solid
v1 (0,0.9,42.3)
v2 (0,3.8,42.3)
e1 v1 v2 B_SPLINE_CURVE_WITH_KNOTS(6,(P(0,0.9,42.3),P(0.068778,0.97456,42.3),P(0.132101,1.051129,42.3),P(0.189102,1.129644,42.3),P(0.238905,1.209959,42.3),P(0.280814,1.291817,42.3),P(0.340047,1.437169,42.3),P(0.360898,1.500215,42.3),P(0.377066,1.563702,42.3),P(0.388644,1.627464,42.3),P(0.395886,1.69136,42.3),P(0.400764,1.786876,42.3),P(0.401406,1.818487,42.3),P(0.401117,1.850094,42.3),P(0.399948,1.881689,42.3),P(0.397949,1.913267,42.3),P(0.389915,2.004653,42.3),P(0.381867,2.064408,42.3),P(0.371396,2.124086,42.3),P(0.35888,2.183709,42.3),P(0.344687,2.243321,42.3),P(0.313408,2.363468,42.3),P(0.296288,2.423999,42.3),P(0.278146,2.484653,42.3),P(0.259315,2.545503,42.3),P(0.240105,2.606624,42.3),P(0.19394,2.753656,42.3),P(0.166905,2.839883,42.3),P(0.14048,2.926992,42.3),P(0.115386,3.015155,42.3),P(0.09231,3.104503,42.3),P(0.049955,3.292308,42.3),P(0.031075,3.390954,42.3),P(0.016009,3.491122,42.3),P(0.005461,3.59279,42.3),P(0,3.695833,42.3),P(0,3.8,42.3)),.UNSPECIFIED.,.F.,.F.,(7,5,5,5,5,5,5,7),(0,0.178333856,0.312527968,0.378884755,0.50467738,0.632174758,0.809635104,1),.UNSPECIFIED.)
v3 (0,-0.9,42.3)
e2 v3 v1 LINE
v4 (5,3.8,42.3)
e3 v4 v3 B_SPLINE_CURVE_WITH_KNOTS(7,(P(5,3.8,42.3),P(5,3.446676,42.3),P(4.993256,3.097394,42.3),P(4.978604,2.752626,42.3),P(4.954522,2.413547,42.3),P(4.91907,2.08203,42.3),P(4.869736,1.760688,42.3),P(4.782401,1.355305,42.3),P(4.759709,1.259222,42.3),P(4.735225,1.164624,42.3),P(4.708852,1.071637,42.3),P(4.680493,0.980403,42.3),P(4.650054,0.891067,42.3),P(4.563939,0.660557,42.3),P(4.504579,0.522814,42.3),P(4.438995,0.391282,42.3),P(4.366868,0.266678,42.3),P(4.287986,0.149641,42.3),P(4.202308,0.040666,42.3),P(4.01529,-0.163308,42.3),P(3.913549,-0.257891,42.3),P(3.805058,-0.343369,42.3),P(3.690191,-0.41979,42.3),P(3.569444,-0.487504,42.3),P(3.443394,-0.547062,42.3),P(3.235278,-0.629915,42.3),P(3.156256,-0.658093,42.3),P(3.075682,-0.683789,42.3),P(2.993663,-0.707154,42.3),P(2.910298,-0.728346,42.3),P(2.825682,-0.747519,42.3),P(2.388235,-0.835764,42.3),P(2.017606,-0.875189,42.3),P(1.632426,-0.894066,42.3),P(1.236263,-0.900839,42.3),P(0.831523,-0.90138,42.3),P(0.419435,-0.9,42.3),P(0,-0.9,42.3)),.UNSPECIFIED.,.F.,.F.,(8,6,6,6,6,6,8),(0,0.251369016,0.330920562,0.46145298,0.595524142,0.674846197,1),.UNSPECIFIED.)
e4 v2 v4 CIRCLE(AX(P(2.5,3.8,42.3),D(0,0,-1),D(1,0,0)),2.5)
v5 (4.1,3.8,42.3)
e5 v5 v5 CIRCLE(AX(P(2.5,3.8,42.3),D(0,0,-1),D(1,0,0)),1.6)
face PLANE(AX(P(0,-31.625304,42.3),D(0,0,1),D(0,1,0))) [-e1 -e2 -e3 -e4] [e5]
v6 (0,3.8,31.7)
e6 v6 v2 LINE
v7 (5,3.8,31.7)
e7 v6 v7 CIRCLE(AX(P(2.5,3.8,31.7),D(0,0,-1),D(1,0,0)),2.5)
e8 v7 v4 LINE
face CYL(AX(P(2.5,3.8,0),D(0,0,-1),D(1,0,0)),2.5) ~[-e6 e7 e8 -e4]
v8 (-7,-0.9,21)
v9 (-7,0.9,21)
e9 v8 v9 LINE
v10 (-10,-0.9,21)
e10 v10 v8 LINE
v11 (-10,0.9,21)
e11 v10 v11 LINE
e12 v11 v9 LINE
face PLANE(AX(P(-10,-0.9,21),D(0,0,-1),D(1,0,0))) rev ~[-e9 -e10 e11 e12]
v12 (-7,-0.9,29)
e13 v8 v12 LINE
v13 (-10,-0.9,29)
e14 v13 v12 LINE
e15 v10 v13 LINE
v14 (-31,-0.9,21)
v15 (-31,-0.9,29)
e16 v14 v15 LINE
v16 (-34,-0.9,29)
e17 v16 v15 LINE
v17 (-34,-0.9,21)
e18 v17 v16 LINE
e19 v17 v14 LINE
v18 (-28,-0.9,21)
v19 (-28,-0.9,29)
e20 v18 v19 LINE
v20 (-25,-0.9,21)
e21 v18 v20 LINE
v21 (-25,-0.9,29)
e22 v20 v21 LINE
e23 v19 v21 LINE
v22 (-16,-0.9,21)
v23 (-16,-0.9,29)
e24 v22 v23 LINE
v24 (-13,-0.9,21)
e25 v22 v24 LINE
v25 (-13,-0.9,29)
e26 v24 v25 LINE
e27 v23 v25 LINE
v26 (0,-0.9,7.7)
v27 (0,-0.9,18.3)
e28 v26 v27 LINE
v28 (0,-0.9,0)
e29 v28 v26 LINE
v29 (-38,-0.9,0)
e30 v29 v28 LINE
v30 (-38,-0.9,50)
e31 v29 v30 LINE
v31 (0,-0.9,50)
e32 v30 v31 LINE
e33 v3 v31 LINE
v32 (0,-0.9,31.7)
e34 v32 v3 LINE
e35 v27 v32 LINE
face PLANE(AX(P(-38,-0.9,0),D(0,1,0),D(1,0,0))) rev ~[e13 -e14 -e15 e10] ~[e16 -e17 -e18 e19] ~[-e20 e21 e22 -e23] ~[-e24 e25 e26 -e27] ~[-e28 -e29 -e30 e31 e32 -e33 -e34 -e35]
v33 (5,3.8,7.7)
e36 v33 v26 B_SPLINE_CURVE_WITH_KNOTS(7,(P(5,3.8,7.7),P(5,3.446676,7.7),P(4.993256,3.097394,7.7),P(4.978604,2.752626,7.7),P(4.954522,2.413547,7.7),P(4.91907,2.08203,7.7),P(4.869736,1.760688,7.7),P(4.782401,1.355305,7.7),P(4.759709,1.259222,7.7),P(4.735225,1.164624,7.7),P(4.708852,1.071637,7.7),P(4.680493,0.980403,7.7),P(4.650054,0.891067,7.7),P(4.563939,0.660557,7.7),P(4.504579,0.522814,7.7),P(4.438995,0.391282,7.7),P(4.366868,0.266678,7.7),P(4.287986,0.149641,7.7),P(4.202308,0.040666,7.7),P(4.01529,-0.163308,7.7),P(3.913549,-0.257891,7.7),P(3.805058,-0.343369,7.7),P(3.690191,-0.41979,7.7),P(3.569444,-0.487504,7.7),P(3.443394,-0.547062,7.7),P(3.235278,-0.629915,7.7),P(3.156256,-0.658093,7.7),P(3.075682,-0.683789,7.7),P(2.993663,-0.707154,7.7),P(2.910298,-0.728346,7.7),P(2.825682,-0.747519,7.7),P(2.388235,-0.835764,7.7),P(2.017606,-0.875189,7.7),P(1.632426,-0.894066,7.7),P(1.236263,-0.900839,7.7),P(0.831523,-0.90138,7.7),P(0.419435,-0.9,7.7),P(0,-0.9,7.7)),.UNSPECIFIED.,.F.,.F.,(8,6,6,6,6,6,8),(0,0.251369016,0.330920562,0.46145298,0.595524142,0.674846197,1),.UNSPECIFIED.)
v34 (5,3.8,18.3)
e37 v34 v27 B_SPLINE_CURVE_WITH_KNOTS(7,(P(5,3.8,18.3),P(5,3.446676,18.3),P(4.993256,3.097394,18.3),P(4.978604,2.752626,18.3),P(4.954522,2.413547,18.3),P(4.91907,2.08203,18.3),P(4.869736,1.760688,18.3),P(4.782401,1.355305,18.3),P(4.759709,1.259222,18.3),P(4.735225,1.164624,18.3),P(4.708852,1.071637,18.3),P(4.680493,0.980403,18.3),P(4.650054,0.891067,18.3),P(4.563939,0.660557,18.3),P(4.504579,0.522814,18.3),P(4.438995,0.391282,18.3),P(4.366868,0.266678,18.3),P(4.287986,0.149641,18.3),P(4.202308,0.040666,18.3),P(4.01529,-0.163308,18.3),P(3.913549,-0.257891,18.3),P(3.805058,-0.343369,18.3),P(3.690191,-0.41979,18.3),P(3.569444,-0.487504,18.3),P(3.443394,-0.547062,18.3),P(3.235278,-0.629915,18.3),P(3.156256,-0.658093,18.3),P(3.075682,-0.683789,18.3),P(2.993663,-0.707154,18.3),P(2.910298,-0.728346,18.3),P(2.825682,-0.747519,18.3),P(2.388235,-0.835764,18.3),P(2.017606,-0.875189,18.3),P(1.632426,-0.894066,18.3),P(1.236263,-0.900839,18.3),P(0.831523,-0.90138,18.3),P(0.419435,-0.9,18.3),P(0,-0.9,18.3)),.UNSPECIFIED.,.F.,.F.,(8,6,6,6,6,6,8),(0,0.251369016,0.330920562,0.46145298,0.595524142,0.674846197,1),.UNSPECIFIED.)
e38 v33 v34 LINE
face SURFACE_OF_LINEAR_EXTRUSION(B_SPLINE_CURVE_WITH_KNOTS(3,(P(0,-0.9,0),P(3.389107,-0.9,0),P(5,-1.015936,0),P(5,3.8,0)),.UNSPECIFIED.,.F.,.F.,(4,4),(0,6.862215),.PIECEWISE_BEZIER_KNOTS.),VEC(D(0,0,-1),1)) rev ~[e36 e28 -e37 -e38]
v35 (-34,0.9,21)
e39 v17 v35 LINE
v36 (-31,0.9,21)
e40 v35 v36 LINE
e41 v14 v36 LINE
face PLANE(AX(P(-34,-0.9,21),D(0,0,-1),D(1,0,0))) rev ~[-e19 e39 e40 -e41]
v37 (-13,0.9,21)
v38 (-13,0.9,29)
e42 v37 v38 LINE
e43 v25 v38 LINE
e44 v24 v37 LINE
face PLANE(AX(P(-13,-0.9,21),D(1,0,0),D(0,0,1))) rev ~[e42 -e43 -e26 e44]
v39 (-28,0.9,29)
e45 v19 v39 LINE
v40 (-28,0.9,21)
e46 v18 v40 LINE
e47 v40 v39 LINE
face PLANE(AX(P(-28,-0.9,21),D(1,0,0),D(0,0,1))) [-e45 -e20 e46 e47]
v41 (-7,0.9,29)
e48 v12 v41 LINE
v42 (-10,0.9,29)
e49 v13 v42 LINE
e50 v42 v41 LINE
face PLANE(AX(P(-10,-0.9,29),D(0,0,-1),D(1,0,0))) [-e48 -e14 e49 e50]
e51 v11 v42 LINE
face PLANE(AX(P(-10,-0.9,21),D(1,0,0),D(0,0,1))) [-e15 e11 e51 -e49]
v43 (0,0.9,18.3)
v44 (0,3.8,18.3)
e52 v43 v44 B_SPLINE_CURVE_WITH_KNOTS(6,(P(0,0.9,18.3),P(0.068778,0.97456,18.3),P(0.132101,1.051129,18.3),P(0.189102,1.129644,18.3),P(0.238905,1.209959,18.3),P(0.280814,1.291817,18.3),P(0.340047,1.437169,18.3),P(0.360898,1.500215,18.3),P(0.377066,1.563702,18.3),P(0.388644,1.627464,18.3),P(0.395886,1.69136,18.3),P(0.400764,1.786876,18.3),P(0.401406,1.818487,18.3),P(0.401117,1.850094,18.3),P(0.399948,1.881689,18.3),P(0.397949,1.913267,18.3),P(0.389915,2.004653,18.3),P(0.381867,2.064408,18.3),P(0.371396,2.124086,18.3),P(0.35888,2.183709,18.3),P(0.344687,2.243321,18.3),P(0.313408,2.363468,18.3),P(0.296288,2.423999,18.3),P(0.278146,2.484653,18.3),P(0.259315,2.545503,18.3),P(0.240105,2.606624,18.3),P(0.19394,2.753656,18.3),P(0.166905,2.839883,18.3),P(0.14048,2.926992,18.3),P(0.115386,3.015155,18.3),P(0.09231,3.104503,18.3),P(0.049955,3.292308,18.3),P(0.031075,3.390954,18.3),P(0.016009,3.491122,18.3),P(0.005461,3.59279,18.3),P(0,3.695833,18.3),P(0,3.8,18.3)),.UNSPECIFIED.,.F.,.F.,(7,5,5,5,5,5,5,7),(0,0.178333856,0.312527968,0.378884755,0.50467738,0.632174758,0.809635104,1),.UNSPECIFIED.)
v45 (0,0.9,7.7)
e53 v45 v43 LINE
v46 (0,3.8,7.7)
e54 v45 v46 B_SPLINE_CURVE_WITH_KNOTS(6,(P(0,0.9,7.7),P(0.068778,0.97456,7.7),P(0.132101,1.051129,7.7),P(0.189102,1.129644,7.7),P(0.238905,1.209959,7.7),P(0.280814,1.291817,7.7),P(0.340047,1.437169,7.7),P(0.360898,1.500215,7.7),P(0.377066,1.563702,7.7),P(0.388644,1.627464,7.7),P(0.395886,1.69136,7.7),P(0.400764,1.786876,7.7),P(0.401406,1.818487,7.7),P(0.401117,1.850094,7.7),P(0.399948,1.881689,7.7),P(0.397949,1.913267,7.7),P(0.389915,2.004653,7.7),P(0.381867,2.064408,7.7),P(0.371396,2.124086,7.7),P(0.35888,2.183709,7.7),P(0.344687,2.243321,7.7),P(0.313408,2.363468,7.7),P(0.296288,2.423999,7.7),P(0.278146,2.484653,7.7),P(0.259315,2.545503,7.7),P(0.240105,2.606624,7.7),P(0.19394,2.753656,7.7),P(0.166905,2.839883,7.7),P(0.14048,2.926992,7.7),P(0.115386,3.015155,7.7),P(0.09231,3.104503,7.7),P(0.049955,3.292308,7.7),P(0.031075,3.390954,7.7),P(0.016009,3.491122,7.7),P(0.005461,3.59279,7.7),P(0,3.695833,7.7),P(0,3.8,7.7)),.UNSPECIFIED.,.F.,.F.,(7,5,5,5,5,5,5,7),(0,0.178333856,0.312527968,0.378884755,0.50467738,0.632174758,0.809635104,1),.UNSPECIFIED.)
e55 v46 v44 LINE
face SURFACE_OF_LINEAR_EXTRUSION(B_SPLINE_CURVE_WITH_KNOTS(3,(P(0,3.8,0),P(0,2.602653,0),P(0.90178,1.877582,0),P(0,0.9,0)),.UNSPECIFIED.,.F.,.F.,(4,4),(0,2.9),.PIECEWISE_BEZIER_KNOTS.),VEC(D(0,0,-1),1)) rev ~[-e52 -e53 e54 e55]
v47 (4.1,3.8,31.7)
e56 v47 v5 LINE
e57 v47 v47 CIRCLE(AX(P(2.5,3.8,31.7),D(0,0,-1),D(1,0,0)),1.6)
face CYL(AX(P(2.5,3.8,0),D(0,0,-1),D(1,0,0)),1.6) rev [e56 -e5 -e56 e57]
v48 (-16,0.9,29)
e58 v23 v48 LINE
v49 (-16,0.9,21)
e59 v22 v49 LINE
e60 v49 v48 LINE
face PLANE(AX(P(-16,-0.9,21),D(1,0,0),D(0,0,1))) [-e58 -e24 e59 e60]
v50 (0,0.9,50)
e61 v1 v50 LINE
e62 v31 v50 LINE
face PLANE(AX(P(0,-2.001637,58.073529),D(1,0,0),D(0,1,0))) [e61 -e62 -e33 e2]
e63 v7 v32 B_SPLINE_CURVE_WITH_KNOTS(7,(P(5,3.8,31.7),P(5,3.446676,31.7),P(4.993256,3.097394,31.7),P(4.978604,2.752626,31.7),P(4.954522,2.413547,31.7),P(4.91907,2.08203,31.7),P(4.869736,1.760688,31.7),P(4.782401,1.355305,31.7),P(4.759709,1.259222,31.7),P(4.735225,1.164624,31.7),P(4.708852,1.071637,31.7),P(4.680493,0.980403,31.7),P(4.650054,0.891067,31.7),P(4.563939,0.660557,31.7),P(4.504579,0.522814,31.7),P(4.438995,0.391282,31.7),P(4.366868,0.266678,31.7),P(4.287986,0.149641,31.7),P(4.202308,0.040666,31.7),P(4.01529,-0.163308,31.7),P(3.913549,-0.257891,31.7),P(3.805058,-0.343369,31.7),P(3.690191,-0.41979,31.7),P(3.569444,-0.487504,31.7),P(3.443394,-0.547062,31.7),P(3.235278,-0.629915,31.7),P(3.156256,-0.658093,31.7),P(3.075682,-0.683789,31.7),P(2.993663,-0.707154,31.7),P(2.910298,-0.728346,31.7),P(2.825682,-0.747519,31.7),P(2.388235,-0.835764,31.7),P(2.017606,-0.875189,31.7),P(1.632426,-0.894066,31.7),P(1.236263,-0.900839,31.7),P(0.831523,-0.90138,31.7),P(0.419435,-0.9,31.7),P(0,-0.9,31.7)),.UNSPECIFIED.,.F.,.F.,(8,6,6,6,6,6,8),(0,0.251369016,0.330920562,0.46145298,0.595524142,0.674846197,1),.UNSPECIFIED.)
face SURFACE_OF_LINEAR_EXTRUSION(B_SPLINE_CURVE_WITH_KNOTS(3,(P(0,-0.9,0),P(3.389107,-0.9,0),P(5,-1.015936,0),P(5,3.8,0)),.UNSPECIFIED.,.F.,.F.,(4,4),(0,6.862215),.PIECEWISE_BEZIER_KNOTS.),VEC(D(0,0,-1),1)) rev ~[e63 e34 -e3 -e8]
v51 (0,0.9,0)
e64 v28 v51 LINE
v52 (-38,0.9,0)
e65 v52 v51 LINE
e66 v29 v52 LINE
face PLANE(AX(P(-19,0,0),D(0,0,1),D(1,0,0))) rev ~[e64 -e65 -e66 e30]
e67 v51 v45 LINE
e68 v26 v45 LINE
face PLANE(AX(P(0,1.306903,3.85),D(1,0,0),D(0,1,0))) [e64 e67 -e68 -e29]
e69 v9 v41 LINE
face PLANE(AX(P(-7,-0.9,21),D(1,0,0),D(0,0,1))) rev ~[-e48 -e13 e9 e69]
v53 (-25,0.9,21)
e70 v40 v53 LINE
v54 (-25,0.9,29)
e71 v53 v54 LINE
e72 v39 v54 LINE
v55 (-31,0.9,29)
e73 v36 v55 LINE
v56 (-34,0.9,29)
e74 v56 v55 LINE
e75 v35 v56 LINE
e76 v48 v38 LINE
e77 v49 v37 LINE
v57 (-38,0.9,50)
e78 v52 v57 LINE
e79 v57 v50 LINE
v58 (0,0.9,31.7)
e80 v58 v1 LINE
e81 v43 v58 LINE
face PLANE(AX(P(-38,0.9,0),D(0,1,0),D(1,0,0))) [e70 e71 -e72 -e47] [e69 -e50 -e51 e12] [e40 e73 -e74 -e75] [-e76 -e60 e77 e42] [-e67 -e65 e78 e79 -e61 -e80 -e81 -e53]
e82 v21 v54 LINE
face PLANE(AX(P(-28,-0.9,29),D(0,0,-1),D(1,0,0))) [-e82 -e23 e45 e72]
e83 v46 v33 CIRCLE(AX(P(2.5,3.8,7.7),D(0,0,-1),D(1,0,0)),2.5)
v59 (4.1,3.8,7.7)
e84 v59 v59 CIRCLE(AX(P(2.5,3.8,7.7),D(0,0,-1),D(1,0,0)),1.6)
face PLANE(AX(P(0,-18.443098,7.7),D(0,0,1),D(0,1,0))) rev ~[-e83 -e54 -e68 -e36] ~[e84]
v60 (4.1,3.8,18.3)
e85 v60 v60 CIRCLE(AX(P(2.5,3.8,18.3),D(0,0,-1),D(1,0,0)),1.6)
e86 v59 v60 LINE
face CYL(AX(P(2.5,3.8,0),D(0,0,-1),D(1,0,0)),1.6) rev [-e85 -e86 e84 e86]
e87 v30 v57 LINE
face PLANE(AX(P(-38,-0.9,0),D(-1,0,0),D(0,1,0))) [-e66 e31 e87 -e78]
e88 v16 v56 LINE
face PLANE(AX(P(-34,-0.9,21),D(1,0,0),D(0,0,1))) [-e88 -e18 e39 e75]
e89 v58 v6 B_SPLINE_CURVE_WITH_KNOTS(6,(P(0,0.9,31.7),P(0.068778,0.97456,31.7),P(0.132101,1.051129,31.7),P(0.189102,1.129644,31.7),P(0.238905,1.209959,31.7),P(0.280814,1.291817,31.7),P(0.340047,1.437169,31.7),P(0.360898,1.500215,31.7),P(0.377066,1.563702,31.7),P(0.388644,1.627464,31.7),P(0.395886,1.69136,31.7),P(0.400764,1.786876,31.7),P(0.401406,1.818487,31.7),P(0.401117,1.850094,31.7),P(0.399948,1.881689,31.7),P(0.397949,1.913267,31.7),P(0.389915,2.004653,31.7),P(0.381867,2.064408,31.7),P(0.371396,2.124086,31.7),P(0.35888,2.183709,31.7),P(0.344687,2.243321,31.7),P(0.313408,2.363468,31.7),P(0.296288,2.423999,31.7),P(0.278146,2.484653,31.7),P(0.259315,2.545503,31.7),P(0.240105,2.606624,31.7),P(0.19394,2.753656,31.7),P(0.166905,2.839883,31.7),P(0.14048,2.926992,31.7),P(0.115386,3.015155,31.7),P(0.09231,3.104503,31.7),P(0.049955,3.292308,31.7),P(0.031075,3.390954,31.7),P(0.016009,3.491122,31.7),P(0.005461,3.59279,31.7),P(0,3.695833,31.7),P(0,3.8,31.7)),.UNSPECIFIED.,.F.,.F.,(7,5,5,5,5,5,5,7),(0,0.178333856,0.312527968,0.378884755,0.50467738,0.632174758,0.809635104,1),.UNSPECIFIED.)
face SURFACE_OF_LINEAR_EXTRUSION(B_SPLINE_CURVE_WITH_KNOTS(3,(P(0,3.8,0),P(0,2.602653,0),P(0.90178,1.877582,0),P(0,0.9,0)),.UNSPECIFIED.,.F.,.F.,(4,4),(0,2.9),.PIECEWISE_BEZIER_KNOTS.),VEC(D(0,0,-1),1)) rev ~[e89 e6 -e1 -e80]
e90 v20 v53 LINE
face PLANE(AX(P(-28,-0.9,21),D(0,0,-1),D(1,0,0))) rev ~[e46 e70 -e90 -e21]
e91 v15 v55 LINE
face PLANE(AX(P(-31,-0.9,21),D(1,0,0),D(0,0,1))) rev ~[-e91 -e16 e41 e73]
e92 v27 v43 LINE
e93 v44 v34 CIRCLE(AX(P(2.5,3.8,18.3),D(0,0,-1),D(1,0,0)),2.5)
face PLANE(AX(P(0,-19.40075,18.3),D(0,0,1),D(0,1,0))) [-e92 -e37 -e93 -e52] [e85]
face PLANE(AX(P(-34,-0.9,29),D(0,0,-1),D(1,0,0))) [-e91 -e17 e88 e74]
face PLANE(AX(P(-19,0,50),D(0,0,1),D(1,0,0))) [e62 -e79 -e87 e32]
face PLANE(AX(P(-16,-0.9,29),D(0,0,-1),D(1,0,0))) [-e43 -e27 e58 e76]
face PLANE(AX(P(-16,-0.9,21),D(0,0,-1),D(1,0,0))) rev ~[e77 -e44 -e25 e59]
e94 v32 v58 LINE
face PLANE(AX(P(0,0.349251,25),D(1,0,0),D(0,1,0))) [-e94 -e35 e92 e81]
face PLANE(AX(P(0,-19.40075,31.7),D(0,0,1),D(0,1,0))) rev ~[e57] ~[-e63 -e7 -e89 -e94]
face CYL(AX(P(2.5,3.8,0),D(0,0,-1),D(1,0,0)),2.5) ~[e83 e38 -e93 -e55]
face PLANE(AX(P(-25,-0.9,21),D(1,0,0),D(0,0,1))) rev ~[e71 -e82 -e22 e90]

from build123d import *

# Parameters (mm, degrees)
F0_W     = 38
F0_H     = 1.8
F0_R     = 1.6
F1_DEPTH = 50
F2_W     = 39.500002
F2_H     = 7.7
F2_H_2   = 13.4
F2_W_2   = 59.247335
F2_H_3   = 31.547058
F3_DEPTH = 25
F4_W     = 3
F4_H     = 8
F5_DEPTH = 1.8


with BuildPart() as f1:
    # F0 (on Top) → F1 (new body)
    with BuildSketch(Plane.XY):
        with Locations((-19, 0)):
            Rectangle(F0_W, F0_H)
        with BuildLine():
            add(Edge.make_bspline(
                [(0, 3.8), (0, 2.602653), (0.90178, 1.877582), (0, 0.9)],
                knots=[0, 0, 0, 0, 2.9, 2.9, 2.9, 2.9], degree=3))
            Line((0, 0.9), (0, -0.9))
            add(Edge.make_bspline(
                [(0, -0.9), (3.389107, -0.9), (5, -1.015936), (5, 3.8)],
                knots=[0, 0, 0, 0, 6.862215, 6.862215, 6.862215, 6.862215], degree=3))
            ThreePointArc((5, 3.8), (2.5, 6.3), (0, 3.8))
        make_face()
        with Locations((2.5, 3.8)):
            Circle(F0_R, mode=Mode.SUBTRACT)
    extrude(amount=F1_DEPTH)

    # F2 (on Right) → F3 (cut)
    with BuildSketch(Plane.YZ):
        with Locations((1.306903, 3.85)):
            Rectangle(F2_W, F2_H)
        with Locations((0.349251, 25)):
            Rectangle(F2_W, F2_H_2)
        with Locations((-2.001637, 58.073529)):
            Rectangle(F2_W_2, F2_H_3)
    extrude(amount=F3_DEPTH, mode=Mode.SUBTRACT)

    # F4 (on face) → F5 (cut, through all)
    with BuildSketch(Plane.XZ.offset(0.9)):
        with Locations((-32.5, 25)):
            Rectangle(F4_W, F4_H)
        with Locations((-26.5, 25)):
            Rectangle(F4_W, F4_H)
        with Locations((-14.5, 25)):
            Rectangle(F4_W, F4_H)
        with Locations((-8.5, 25)):
            Rectangle(F4_W, F4_H)
    extrude(amount=-F5_DEPTH, mode=Mode.SUBTRACT)


solid = f1.part
